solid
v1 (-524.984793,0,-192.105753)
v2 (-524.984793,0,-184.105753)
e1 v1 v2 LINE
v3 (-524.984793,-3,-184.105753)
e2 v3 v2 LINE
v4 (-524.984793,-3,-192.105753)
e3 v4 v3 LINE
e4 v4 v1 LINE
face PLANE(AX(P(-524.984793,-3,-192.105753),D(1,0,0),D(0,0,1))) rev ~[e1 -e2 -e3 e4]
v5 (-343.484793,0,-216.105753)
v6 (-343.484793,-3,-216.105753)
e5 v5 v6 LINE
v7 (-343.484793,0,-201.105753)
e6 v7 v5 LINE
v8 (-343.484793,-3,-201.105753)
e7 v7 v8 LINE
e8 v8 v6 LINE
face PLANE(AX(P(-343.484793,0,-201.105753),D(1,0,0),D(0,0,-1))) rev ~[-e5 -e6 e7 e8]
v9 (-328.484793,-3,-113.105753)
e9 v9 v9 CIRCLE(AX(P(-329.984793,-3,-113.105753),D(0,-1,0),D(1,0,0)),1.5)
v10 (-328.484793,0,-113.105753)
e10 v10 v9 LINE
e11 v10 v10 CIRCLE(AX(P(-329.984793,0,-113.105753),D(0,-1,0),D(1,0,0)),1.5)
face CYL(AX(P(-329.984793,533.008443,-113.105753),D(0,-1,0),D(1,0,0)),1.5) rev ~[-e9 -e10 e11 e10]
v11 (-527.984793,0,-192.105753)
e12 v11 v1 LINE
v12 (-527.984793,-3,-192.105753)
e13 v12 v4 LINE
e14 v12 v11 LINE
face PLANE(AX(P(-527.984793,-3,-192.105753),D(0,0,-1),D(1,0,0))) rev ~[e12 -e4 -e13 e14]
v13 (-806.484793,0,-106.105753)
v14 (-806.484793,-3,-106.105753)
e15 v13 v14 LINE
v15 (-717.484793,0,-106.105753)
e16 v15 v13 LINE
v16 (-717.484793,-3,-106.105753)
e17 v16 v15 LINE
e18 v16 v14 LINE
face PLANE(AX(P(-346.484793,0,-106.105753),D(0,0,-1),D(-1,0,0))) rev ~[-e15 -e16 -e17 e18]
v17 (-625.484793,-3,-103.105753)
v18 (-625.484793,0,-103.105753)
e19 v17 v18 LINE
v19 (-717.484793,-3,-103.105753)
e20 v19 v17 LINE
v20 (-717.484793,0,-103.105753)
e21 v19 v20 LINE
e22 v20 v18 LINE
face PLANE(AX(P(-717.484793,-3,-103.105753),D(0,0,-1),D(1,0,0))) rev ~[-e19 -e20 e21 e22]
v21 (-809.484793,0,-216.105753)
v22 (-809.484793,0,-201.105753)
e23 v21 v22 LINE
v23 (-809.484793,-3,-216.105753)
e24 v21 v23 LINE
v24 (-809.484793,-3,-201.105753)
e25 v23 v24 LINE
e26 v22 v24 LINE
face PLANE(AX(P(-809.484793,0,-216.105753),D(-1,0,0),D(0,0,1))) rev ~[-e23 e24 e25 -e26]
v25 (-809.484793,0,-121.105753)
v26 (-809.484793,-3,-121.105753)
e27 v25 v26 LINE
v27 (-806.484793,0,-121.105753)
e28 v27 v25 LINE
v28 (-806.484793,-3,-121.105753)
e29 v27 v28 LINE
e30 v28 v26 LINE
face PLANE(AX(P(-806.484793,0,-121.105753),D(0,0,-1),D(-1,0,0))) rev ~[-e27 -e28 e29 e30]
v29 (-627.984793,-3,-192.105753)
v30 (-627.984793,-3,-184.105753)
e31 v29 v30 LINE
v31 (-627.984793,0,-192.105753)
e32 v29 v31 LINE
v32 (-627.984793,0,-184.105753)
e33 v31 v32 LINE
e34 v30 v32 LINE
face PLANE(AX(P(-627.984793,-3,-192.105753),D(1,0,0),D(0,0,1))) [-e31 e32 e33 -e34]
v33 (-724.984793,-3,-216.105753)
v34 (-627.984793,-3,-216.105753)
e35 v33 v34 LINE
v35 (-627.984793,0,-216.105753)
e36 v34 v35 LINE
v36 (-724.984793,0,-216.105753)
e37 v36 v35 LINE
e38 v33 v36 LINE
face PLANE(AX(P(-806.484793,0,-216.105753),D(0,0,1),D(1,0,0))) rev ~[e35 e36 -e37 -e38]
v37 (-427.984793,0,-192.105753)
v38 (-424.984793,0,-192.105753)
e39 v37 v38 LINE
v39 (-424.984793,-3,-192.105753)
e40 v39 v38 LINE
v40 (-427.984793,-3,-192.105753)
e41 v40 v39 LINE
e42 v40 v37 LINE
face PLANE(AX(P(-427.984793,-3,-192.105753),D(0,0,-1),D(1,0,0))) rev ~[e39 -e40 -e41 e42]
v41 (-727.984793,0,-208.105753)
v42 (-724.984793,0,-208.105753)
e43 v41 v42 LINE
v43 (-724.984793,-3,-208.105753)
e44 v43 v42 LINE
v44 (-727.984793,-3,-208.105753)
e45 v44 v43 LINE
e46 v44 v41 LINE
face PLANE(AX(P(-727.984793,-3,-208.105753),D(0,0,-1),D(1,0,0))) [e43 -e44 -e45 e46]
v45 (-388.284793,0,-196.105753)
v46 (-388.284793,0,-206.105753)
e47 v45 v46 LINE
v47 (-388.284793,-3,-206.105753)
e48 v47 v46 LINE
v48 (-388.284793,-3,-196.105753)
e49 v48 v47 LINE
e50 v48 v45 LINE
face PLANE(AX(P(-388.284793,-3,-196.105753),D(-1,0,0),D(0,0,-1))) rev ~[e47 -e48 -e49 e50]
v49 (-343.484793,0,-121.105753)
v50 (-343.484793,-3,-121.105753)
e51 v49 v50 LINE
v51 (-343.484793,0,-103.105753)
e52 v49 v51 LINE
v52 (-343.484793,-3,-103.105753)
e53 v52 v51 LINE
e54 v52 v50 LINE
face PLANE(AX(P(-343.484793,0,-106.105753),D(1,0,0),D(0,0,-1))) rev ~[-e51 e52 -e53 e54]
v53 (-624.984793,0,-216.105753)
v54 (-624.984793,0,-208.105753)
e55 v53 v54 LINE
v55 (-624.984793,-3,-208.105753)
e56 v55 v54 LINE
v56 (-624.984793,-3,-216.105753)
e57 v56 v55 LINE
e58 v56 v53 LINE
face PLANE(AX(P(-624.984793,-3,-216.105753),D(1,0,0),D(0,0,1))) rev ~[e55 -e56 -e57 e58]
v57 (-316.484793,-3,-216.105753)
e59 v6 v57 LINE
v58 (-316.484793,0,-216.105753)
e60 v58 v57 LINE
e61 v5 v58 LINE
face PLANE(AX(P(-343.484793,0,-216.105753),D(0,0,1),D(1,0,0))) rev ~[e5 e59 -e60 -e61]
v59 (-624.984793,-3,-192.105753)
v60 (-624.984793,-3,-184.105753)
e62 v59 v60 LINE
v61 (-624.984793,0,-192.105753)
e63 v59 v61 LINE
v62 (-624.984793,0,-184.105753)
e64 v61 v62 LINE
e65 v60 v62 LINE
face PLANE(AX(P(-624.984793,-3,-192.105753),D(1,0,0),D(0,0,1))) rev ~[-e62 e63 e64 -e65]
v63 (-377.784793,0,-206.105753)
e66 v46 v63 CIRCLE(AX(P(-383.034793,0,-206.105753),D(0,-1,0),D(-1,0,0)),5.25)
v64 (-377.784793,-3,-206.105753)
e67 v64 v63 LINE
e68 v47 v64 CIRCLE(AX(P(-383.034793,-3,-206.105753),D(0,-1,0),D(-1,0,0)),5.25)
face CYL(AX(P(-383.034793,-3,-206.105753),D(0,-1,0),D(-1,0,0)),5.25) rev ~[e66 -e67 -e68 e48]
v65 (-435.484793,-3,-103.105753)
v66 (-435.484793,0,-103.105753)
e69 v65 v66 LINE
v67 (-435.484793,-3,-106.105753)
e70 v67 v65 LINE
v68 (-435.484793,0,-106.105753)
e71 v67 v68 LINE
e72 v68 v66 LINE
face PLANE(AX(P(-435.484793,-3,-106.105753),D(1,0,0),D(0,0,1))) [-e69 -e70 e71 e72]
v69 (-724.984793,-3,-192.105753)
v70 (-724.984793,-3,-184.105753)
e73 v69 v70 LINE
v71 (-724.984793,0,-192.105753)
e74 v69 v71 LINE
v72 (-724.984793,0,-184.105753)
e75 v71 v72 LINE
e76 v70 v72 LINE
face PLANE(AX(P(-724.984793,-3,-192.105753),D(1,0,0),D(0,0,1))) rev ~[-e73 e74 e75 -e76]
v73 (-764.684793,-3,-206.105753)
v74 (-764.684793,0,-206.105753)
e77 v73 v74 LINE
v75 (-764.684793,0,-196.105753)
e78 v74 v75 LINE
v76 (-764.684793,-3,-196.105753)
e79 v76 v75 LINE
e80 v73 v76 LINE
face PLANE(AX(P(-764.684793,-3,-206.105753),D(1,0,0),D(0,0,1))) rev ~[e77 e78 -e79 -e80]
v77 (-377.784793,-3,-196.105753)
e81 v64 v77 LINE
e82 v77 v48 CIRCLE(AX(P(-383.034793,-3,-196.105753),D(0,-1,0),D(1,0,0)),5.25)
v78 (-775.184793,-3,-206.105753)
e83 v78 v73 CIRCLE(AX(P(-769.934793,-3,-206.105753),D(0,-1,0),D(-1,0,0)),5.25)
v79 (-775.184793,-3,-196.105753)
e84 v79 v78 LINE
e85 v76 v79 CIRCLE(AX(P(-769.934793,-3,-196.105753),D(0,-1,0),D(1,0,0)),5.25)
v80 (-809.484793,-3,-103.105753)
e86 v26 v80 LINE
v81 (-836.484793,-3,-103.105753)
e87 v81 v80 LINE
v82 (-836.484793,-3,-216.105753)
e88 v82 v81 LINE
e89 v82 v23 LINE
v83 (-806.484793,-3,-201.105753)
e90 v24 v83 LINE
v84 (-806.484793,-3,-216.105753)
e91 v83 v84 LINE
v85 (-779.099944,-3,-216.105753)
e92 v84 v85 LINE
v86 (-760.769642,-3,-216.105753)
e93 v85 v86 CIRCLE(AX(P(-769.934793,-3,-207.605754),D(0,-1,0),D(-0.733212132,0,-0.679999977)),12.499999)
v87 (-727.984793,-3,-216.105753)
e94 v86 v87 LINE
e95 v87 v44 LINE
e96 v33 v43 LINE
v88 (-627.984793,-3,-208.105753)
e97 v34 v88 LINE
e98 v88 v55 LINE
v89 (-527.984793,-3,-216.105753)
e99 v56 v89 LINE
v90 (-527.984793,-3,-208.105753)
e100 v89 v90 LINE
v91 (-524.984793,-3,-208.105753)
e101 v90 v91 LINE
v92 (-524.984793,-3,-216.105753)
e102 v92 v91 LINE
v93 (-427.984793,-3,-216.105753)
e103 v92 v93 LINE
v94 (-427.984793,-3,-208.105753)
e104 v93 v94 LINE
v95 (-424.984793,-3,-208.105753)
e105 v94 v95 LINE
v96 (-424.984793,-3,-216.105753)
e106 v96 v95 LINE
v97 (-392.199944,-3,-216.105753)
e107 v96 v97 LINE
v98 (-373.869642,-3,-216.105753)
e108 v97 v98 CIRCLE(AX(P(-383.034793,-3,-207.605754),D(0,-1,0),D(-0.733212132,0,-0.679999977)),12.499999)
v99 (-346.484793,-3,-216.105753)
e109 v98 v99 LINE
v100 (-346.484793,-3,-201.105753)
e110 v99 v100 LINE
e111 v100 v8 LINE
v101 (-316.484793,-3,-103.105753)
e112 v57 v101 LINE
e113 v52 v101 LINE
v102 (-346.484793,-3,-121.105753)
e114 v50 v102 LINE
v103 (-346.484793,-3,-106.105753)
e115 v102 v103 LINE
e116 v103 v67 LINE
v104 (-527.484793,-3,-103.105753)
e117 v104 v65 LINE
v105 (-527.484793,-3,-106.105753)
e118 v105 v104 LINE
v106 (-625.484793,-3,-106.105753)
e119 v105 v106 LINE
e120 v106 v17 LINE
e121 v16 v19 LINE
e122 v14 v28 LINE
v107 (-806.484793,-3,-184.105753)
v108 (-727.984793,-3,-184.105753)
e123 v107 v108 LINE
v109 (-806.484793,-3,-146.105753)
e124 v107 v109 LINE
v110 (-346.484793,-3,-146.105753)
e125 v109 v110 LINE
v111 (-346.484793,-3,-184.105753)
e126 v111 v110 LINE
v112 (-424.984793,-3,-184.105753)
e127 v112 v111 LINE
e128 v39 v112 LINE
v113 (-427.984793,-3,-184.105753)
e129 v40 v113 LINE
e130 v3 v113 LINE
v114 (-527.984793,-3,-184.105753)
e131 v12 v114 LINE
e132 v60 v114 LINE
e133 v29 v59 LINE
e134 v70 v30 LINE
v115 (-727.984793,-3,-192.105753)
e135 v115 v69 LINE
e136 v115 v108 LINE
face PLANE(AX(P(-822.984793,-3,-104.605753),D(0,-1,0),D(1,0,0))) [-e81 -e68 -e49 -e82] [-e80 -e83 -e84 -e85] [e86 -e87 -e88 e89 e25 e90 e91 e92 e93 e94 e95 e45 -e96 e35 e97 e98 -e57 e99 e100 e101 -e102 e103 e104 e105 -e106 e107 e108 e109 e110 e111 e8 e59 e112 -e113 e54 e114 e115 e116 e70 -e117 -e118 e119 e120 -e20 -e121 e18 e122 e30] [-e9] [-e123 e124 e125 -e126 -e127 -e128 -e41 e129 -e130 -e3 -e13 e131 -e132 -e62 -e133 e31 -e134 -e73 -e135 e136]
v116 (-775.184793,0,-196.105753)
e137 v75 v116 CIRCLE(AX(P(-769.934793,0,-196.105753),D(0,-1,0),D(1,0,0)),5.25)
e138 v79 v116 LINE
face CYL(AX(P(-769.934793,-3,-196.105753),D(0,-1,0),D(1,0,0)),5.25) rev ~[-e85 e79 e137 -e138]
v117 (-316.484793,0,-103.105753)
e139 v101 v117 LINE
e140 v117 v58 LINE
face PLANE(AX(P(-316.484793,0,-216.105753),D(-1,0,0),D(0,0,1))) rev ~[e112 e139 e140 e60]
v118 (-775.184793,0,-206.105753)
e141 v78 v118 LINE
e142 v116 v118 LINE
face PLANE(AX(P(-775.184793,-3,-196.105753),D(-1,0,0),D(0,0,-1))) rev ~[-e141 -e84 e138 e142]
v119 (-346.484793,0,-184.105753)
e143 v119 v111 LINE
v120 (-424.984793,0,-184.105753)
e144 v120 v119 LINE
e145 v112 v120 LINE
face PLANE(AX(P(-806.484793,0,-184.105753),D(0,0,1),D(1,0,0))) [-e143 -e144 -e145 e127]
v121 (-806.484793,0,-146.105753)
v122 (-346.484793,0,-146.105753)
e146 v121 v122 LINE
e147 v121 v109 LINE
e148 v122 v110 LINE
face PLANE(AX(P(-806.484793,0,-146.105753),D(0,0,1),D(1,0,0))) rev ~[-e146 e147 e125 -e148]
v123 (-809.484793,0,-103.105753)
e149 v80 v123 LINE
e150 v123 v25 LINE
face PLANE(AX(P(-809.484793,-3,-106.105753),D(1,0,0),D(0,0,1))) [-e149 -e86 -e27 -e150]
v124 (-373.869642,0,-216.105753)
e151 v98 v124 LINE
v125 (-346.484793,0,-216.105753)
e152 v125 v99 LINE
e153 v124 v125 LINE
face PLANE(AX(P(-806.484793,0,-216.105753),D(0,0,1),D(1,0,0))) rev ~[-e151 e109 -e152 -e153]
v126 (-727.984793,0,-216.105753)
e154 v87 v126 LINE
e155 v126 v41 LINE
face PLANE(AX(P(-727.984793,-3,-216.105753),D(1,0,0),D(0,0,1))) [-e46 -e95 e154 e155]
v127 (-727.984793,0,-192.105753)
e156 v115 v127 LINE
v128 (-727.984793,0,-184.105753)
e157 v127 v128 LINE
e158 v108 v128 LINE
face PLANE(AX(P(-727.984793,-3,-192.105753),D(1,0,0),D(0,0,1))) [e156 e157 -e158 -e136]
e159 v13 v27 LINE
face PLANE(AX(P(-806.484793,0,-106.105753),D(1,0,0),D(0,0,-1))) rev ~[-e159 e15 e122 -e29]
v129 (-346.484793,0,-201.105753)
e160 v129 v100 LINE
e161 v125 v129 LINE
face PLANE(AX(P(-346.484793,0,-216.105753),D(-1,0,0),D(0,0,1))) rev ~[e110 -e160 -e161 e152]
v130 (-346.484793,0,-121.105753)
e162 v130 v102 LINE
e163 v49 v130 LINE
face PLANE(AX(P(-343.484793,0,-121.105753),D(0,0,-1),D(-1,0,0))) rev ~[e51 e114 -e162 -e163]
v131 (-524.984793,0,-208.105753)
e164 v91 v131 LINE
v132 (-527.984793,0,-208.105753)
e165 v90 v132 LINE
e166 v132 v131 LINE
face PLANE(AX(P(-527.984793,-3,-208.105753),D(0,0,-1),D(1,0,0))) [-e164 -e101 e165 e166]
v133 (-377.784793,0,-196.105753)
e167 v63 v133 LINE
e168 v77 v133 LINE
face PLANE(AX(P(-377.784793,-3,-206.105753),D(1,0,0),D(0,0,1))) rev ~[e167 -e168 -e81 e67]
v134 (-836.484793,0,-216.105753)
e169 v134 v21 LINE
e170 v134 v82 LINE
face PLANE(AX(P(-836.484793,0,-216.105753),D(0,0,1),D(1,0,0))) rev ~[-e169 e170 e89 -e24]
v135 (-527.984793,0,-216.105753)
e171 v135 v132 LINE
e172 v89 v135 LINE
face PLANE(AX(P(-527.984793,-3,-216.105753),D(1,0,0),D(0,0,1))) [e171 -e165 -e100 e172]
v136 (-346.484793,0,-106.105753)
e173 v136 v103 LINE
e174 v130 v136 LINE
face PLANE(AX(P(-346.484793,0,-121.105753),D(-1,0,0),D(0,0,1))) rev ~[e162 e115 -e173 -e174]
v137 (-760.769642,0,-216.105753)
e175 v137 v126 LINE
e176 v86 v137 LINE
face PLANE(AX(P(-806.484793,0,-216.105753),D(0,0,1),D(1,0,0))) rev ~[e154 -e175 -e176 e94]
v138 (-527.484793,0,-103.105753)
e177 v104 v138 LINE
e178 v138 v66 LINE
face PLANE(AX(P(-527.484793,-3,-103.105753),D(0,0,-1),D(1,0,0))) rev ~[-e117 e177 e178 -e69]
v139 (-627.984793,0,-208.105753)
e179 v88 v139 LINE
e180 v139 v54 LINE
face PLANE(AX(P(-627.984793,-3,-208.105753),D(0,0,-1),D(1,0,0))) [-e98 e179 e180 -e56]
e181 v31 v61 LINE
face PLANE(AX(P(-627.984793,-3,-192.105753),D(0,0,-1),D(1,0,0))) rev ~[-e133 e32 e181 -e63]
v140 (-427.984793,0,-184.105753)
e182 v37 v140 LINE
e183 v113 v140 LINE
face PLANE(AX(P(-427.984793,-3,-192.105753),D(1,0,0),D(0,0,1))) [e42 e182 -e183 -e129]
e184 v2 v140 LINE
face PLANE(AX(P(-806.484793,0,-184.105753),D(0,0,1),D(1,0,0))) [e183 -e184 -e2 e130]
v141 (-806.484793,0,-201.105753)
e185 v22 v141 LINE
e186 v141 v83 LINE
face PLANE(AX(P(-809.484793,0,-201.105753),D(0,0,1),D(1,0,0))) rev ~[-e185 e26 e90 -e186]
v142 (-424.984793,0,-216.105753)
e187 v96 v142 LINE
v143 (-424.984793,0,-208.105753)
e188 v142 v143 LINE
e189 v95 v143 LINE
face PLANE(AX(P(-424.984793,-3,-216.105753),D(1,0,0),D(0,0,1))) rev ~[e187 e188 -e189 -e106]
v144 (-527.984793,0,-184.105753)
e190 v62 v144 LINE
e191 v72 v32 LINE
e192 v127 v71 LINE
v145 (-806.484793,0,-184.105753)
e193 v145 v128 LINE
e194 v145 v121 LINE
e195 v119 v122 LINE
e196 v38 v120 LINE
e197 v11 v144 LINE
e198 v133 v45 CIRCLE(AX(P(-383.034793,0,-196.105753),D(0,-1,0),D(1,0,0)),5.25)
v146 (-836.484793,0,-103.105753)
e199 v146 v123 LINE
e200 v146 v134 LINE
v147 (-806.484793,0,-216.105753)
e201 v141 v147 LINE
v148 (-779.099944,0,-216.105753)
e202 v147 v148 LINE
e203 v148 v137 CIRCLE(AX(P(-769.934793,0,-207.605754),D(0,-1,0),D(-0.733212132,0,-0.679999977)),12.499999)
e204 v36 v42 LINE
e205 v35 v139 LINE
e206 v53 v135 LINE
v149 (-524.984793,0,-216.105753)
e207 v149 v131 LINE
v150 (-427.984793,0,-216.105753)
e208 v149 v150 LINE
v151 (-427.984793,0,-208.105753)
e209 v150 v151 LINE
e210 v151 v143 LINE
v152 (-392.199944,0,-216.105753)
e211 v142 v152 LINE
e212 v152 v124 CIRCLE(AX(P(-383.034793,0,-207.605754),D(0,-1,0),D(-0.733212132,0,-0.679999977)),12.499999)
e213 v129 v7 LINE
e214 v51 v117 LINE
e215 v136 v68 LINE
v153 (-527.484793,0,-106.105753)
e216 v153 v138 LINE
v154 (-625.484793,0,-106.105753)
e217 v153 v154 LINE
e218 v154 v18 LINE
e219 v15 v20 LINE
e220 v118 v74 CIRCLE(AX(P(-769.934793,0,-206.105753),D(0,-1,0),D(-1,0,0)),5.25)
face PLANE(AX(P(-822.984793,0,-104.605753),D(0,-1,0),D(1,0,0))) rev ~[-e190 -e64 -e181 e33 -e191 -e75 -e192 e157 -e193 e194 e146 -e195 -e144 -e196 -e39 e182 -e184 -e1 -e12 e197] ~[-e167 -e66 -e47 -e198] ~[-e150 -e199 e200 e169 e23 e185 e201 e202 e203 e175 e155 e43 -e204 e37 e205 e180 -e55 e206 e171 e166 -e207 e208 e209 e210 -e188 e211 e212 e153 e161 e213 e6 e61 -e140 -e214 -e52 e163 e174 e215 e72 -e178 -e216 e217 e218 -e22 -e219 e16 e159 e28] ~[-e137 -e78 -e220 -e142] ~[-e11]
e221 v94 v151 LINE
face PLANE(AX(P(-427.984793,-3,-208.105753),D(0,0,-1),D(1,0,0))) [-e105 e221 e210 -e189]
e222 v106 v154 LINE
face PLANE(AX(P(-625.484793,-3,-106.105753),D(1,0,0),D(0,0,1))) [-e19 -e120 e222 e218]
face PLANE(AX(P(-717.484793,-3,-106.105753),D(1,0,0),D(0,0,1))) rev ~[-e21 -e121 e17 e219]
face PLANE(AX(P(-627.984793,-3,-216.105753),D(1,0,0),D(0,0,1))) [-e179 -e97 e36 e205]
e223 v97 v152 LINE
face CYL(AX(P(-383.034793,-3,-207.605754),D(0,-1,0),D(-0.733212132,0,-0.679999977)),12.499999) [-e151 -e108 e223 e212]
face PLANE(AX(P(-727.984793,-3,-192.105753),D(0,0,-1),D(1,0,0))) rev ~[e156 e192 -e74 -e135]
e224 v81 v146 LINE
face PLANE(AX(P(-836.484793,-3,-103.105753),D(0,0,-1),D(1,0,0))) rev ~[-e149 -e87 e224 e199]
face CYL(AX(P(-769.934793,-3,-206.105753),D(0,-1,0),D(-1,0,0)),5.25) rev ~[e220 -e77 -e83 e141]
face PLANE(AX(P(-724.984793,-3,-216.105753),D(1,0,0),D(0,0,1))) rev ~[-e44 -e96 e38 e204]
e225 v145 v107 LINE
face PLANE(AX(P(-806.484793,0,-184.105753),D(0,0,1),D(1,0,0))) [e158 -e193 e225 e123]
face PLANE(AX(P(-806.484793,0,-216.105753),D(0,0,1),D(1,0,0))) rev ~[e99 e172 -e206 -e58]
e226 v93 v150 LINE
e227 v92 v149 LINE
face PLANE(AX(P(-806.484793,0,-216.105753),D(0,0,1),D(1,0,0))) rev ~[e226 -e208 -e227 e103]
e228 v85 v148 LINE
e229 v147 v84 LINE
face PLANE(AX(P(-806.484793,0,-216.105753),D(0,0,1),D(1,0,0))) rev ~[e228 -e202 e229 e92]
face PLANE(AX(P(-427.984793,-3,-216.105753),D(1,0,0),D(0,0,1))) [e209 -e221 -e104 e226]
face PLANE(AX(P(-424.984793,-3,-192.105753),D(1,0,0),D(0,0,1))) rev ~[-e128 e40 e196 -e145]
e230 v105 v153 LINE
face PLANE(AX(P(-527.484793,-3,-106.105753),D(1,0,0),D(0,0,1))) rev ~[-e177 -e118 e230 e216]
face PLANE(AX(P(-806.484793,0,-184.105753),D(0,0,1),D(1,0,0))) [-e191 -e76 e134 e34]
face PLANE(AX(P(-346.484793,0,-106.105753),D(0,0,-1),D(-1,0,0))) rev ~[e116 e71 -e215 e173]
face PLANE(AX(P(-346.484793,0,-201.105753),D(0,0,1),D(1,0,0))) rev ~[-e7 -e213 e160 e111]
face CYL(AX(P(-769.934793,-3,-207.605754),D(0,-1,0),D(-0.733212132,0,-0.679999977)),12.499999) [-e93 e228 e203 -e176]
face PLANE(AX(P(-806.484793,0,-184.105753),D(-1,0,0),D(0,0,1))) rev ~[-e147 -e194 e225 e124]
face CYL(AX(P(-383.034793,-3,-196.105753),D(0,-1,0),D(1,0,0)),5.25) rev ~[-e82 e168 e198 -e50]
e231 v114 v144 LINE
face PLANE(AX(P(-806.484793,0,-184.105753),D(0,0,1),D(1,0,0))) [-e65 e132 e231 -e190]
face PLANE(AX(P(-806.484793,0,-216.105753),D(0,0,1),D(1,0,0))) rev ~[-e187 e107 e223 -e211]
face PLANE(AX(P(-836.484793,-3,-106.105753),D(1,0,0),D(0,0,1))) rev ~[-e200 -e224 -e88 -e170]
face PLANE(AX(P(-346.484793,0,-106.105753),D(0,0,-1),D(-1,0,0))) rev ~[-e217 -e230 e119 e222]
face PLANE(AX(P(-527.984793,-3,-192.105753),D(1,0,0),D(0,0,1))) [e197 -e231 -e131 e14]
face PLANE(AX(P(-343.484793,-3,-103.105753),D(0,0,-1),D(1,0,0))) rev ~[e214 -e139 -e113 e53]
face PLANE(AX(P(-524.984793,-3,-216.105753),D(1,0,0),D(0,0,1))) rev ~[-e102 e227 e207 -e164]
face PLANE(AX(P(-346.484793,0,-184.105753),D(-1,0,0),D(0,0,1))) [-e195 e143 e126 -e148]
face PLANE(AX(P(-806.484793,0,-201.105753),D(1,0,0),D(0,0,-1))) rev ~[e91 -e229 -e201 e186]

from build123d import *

# Parameters (mm, degrees)
F0_W     = 460
F0_H     = 38
F1_DEPTH = 3
F2_W     = 27
F2_H     = 3
F2_W_2   = 92
F3_DEPTH = 3
F5_DEPTH = 3
F6_W     = 3
F6_H     = 8
F7_DEPTH = 3
F9_DEPTH = 3
F11_D    = 3


with BuildPart() as f1:
    # F0 (on Front) → F1 (new body)
    with BuildSketch(Plane.XZ):
        Polygon((-343.484793, -216.105753), (-316.484793, -216.105753), (-316.484793, -106.105753), (-343.484793, -106.105753), (-343.484793, -121.105753), (-346.484793, -121.105753), (-346.484793, -106.105753), (-806.484793, -106.105753), (-806.484793, -121.105753), (-809.484793, -121.105753), (-809.484793, -106.105753), (-836.484793, -106.105753), (-836.484793, -216.105753), (-809.484793, -216.105753), (-809.484793, -201.105753), (-806.484793, -201.105753), (-806.484793, -216.105753), (-346.484793, -216.105753), (-346.484793, -201.105753), (-343.484793, -201.105753), align=None)
        with Locations((-576.484793, -165.105753)):
            Rectangle(F0_W, F0_H, mode=Mode.SUBTRACT)
    extrude(amount=F1_DEPTH)

    # F2 (on face) → F3 (join)
    with BuildSketch(Plane.XZ.offset(3)):
        with Locations((-822.984793, -104.605753)):
            Rectangle(F2_W, F2_H)
        with Locations((-329.984793, -104.605753)):
            Rectangle(F2_W, F2_H)
        with Locations((-671.484793, -104.605753)):
            Rectangle(F2_W_2, F2_H)
        with Locations((-481.484793, -104.605753)):
            Rectangle(F2_W_2, F2_H)
    extrude(amount=-F3_DEPTH)

    # F4 (on face) → F5 (cut, through all)
    with BuildSketch(Plane.XZ.offset(3)):
        with BuildLine():
            Line((-377.784793, -206.105753), (-377.784793, -196.105753))
            ThreePointArc((-377.784793, -196.105753), (-383.034793, -190.855753), (-388.284793, -196.105753))
            Line((-388.284793, -196.105753), (-388.284793, -206.105753))
            ThreePointArc((-388.284793, -206.105753), (-383.034793, -211.355753), (-377.784793, -206.105753))
        make_face()
        with BuildLine():
            Line((-764.684793, -206.105753), (-764.684793, -196.105753))
            ThreePointArc((-764.684793, -196.105753), (-769.934793, -190.855753), (-775.184793, -196.105753))
            Line((-775.184793, -196.105753), (-775.184793, -206.105753))
            ThreePointArc((-775.184793, -206.105753), (-769.934793, -211.355753), (-764.684793, -206.105753))
        make_face()
    extrude(amount=-F5_DEPTH, mode=Mode.SUBTRACT)

    # F6 (on face) → F7 (cut)
    with BuildSketch(Plane.XZ.offset(3)):
        with Locations((-726.484793, -212.105753)):
            Rectangle(F6_W, F6_H)
        with Locations((-726.484793, -188.105753)):
            Rectangle(F6_W, F6_H)
        with Locations((-626.484793, -188.105753)):
            Rectangle(F6_W, F6_H)
        with Locations((-626.484793, -212.105753)):
            Rectangle(F6_W, F6_H)
        with Locations((-526.484793, -188.105753)):
            Rectangle(F6_W, F6_H)
        with Locations((-526.484793, -212.105753)):
            Rectangle(F6_W, F6_H)
        with Locations((-426.484793, -188.105753)):
            Rectangle(F6_W, F6_H)
        with Locations((-426.484793, -212.105753)):
            Rectangle(F6_W, F6_H)
    extrude(amount=-F7_DEPTH, mode=Mode.SUBTRACT)

    # F8 (on face) → F9 (join)
    with BuildSketch(Plane.XZ.offset(3)):
        with BuildLine():
            Line((-760.769642, -216.105753), (-779.099944, -216.105753))
            ThreePointArc((-779.099944, -216.105753), (-769.934793, -220.105753), (-760.769642, -216.105753))
        make_face()
        with BuildLine():
            Line((-373.869642, -216.105753), (-392.199944, -216.105753))
            ThreePointArc((-392.199944, -216.105753), (-383.034793, -220.105753), (-373.869642, -216.105753))
        make_face()
    extrude(amount=-F9_DEPTH)

    # F11 (through all)
    with Locations(Plane(origin=(0, 0, 0), x_dir=(-1, 0, 0), z_dir=(0, 1, 0))):
        with Locations((329.984793, -113.105753)):
            Hole(F11_D / 2)


solid = f1.part
